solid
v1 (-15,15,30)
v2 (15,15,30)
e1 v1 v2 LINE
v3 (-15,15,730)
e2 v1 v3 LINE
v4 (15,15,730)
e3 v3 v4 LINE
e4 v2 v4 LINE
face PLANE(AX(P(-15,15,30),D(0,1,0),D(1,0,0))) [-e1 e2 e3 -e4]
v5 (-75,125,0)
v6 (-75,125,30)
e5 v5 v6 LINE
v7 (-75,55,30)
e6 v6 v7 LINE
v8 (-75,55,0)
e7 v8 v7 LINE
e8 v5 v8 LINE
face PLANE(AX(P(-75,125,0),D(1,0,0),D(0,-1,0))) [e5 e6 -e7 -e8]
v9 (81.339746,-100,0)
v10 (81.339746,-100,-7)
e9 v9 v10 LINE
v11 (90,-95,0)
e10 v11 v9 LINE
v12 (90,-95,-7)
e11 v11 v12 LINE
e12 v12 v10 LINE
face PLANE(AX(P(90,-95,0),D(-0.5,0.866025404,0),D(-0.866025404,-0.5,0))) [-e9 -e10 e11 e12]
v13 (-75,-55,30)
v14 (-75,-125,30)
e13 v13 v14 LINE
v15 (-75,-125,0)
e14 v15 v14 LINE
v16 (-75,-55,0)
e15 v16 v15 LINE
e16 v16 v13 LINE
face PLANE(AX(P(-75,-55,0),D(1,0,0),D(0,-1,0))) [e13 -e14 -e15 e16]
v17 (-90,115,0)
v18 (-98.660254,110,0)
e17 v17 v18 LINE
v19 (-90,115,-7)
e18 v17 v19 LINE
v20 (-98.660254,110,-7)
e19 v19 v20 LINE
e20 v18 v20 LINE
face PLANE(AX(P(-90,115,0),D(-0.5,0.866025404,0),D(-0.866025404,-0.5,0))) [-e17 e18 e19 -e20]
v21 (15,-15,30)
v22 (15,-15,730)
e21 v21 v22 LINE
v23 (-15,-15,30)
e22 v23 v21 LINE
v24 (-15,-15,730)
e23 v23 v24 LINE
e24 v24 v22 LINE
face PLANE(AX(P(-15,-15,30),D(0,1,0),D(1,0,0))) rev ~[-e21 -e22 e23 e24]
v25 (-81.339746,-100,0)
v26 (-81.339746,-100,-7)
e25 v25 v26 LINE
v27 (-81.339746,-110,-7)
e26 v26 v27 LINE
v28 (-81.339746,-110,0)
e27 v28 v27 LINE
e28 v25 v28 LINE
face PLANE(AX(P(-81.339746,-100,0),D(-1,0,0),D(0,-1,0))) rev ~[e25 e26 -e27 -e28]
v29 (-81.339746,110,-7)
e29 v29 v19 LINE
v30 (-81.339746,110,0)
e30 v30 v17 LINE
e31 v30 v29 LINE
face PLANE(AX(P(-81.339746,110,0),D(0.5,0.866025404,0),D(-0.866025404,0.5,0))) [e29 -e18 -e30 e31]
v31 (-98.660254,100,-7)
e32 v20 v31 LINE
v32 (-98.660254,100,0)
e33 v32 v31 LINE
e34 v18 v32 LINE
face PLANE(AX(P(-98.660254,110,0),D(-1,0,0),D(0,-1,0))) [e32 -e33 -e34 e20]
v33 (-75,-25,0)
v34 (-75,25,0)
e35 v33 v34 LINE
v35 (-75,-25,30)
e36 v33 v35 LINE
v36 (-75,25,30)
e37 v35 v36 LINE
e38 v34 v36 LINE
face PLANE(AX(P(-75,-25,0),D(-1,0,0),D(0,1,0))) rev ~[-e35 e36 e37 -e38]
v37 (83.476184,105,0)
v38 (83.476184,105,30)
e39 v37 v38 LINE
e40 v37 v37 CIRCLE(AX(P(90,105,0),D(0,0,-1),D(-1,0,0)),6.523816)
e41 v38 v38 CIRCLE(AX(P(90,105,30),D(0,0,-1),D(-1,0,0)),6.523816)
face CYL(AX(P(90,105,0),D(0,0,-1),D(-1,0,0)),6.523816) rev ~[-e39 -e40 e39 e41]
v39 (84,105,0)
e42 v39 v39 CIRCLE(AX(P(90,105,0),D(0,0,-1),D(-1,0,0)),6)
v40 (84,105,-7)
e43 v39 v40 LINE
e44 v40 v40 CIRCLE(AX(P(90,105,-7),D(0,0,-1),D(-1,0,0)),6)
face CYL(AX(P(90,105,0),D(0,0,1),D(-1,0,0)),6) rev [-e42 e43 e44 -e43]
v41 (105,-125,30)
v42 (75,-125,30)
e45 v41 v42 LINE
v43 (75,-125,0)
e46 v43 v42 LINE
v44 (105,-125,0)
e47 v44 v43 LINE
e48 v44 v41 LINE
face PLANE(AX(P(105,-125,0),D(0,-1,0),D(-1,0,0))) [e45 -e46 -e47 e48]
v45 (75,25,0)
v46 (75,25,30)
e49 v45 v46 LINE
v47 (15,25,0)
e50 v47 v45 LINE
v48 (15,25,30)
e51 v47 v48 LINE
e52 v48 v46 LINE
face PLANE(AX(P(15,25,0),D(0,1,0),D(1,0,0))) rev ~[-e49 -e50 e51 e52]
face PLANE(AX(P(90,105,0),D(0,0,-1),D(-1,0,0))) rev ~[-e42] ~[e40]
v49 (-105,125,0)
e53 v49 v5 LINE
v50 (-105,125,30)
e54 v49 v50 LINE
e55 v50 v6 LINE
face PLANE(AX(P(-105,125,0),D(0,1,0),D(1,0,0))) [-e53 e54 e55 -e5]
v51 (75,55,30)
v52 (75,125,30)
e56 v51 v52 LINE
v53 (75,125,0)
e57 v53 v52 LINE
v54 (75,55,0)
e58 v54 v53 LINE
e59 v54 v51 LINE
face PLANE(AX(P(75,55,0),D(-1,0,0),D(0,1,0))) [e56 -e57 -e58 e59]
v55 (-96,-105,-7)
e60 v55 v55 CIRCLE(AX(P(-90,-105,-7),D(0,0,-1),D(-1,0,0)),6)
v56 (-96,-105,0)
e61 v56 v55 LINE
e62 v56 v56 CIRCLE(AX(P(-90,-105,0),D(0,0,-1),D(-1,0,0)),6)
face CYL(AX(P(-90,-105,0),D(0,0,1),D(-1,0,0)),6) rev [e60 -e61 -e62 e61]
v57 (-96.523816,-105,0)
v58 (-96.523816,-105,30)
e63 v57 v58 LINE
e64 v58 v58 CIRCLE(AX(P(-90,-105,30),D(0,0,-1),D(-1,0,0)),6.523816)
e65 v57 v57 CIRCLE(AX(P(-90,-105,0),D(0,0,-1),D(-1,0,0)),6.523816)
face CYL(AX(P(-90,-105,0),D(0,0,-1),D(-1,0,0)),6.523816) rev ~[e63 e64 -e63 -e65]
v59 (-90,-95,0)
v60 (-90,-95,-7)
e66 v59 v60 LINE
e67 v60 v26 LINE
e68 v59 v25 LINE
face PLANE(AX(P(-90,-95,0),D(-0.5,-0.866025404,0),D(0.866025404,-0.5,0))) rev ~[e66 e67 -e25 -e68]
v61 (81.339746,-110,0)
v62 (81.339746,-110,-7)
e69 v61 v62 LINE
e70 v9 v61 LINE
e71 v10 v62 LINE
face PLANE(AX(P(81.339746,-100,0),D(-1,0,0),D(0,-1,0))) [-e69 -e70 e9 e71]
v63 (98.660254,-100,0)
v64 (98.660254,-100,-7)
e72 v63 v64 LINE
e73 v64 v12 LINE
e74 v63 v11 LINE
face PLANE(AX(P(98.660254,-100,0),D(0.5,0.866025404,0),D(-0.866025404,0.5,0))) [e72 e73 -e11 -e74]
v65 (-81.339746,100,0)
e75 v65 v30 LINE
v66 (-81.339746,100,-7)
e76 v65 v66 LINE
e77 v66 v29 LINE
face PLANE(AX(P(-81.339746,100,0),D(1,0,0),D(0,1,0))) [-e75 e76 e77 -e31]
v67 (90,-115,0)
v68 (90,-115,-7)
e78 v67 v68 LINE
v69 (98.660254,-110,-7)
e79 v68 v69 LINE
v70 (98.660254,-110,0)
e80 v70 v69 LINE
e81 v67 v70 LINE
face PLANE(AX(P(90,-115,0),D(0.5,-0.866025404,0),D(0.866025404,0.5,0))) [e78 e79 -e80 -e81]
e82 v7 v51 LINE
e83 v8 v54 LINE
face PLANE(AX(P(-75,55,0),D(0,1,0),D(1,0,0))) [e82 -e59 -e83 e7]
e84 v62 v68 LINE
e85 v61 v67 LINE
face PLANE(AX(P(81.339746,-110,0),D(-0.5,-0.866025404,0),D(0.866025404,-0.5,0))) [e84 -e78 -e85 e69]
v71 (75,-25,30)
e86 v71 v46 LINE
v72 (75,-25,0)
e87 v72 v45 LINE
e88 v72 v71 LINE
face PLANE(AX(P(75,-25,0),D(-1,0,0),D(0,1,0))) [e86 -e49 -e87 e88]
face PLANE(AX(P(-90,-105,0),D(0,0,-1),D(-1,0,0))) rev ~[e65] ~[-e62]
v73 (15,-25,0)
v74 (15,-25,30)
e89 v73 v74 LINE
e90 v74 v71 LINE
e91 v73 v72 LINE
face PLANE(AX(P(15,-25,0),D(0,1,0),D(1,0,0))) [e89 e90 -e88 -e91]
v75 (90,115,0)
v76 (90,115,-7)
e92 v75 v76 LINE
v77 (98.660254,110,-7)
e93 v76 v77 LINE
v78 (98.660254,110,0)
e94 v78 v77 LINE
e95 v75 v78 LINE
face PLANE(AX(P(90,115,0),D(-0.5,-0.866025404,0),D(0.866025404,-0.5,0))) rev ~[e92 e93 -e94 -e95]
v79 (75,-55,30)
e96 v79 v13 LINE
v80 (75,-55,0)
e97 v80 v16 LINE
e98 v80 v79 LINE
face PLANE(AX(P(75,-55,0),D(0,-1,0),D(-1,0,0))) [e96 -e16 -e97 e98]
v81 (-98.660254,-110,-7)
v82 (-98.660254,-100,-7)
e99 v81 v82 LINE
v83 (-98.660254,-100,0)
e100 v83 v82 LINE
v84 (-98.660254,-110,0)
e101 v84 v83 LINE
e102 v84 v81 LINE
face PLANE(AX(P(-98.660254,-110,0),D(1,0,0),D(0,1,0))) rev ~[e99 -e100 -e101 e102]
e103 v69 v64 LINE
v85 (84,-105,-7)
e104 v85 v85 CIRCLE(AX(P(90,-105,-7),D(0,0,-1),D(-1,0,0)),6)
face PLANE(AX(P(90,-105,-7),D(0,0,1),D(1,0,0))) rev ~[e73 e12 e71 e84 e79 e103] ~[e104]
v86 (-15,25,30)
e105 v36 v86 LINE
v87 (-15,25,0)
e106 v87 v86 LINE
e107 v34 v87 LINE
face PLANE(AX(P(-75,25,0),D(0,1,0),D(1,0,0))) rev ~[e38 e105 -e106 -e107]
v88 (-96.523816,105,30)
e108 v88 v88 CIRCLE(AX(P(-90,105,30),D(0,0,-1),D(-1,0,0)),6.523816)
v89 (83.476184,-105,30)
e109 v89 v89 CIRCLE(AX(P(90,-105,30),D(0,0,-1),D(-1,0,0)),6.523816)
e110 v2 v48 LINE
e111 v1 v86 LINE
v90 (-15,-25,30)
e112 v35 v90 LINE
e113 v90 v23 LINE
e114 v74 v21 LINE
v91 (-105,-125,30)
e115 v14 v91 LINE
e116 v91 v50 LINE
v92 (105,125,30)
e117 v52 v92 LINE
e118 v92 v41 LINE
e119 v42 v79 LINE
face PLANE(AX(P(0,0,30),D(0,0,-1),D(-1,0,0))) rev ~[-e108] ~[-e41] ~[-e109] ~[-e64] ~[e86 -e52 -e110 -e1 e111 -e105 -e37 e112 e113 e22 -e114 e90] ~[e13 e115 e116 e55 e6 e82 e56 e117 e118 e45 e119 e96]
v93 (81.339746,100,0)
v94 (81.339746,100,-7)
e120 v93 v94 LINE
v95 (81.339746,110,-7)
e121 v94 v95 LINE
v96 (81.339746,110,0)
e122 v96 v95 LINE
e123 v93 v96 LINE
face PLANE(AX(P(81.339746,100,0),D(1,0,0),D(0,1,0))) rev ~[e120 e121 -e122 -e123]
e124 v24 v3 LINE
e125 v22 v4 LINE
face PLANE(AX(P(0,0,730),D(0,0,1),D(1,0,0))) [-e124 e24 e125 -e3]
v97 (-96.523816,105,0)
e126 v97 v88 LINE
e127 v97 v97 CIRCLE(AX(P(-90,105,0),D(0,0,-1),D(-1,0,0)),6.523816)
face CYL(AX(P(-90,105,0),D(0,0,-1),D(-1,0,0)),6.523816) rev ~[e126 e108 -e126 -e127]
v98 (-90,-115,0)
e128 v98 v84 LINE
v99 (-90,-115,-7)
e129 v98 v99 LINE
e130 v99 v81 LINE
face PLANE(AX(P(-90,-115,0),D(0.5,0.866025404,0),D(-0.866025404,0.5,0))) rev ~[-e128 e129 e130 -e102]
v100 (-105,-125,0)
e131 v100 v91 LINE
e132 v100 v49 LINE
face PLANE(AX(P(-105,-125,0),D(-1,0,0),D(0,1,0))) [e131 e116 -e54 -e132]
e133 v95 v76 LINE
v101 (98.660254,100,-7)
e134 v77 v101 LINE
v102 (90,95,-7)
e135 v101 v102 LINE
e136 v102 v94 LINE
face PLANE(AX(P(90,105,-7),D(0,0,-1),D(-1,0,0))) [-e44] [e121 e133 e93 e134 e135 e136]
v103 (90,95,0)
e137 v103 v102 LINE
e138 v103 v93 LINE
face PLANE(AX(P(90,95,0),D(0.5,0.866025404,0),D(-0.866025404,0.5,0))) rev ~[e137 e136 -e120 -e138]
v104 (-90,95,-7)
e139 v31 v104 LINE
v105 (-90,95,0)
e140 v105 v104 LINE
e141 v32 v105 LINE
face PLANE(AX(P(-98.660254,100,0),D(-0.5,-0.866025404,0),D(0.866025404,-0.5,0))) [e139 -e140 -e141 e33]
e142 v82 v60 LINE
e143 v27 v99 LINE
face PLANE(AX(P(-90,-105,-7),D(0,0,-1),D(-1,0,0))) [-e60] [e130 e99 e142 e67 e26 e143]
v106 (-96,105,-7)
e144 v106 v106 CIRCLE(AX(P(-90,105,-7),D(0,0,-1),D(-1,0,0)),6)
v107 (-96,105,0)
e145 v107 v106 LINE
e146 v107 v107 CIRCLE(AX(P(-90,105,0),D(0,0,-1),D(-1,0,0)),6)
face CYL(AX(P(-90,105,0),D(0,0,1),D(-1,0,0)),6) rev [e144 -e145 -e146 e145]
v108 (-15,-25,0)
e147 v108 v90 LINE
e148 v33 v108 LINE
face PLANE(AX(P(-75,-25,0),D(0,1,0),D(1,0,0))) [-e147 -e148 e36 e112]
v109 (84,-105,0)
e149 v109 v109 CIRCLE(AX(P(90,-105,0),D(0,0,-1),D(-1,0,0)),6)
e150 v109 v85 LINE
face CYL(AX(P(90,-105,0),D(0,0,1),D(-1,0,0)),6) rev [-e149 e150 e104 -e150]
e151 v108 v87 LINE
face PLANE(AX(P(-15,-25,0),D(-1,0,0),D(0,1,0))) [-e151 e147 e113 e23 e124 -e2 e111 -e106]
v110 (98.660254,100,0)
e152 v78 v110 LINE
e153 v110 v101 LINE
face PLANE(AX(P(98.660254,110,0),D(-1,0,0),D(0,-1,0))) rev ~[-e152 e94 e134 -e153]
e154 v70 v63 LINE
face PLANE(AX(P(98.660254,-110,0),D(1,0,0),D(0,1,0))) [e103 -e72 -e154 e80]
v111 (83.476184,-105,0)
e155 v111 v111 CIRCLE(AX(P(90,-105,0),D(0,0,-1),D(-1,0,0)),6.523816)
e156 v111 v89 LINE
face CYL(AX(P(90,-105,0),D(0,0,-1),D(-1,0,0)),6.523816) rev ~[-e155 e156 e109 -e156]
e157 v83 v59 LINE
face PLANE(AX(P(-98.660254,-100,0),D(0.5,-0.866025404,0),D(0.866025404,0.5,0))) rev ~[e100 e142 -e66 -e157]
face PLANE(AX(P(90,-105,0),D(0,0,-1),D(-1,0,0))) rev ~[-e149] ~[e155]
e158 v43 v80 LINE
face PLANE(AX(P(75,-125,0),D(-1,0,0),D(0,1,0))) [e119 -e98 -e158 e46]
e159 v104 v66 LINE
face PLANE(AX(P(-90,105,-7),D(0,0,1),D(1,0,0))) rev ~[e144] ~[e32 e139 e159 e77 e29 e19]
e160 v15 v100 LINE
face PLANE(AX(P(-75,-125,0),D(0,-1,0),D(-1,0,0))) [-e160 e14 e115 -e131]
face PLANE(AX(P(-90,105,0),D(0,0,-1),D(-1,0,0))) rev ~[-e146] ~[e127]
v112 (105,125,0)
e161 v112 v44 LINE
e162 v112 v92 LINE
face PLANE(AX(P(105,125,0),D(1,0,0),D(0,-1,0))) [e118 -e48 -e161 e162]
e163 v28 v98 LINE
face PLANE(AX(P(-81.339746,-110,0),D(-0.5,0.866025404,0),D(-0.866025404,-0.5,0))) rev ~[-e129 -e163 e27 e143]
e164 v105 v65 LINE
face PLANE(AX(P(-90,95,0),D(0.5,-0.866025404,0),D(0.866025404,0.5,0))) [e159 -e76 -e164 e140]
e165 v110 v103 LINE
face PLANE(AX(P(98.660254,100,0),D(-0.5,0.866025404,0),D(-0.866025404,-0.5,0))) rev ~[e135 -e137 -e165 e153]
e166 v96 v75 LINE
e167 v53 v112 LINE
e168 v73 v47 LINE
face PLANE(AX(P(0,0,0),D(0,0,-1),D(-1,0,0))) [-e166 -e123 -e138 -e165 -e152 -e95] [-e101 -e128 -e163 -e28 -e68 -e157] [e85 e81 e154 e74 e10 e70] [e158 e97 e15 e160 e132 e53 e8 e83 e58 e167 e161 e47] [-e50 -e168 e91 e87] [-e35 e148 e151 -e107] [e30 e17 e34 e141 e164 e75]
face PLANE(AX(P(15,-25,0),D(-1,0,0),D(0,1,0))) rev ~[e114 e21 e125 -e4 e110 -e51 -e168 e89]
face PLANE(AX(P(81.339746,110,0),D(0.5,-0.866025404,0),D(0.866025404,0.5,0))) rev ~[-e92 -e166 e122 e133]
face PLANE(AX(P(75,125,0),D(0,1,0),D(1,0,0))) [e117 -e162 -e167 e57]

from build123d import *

# Parameters (mm, degrees)
SKETCH1_W           = 60
SKETCH1_H           = 50
BOSS_EXTRUDE1_DEPTH = 30
SKETCH2_W           = 30
SKETCH2_H           = 30
BOSS_EXTRUDE2_DEPTH = 700
SKETCH3_R           = 6
BOSS_EXTRUDE3_DEPTH = 7
CUT_EXTRUDE1_REACH  = 732
SKETCH4_R           = 6.523816089


with BuildPart() as part:
    # Sketch1 → Boss-Extrude1 (new body)
    with BuildSketch(Plane.XY):
        Polygon((-105, 125), (-75, 125), (-75, 55), (75, 55), (75, 125), (105, 125), (105, -125), (75, -125), (75, -55), (-75, -55), (-75, -125), (-105, -125), align=None)
        with Locations((-45, 0)):
            Rectangle(SKETCH1_W, SKETCH1_H, mode=Mode.SUBTRACT)
        with Locations((45, 0)):
            Rectangle(SKETCH1_W, SKETCH1_H, mode=Mode.SUBTRACT)
    extrude(amount=BOSS_EXTRUDE1_DEPTH)

    # Sketch2 → Boss-Extrude2 (add)
    with BuildSketch(Plane.XY.offset(30)):
        Rectangle(SKETCH2_W, SKETCH2_H)
    extrude(amount=BOSS_EXTRUDE2_DEPTH)

    # Sketch3 → Boss-Extrude3 (add)
    with BuildSketch(Plane(origin=(0, 0, 0), x_dir=(-1, 0, 0), z_dir=(0, 0, -1))):
        Polygon((81.339745962, 110), (90, 115), (98.660254038, 110), (98.660254038, 100), (90, 95), (81.339745962, 100), align=None)
        with Locations((90, 105)):
            Circle(SKETCH3_R, mode=Mode.SUBTRACT)
        Polygon((-90, 115), (-98.660254038, 110), (-98.660254038, 100), (-90, 95), (-81.339745962, 100), (-81.339745962, 110), align=None)
        with Locations((-90, 105)):
            Circle(SKETCH3_R, mode=Mode.SUBTRACT)
        Polygon((81.339745962, -100), (81.339745962, -110), (90, -115), (98.660254038, -110), (98.660254038, -100), (90, -95), align=None)
        with Locations((90, -105)):
            Circle(SKETCH3_R, mode=Mode.SUBTRACT)
        Polygon((-81.339745962, -110), (-90, -115), (-98.660254038, -110), (-98.660254038, -100), (-90, -95), (-81.339745962, -100), align=None)
        with Locations((-90, -105)):
            Circle(SKETCH3_R, mode=Mode.SUBTRACT)
    extrude(amount=BOSS_EXTRUDE3_DEPTH)

    # Sketch4 → Cut-Extrude1 (cut, up to next)
    with BuildSketch(Plane(origin=(0, 0, 0), x_dir=(-1, 0, 0), z_dir=(0, 0, -1)), mode=Mode.PRIVATE) as cut_extrude1_sk1:
        with Locations((-90, 105)):
            Circle(SKETCH4_R)
    cut_extrude1_tool1 = extrude(cut_extrude1_sk1.sketch, amount=-CUT_EXTRUDE1_REACH, mode=Mode.PRIVATE) & part.part
    add(cut_extrude1_tool1.solids().sort_by_distance((90, 105, 0))[0], mode=Mode.SUBTRACT)
    # Sketch4 → Cut-Extrude1 (cut, up to next)
    with BuildSketch(Plane(origin=(0, 0, 0), x_dir=(-1, 0, 0), z_dir=(0, 0, -1)), mode=Mode.PRIVATE) as cut_extrude1_sk2:
        with Locations((90, 105)):
            Circle(SKETCH4_R)
    cut_extrude1_tool2 = extrude(cut_extrude1_sk2.sketch, amount=-CUT_EXTRUDE1_REACH, mode=Mode.PRIVATE) & part.part
    add(cut_extrude1_tool2.solids().sort_by_distance((-90, 105, 0))[0], mode=Mode.SUBTRACT)
    # Sketch4 → Cut-Extrude1 (cut, up to next)
    with BuildSketch(Plane(origin=(0, 0, 0), x_dir=(-1, 0, 0), z_dir=(0, 0, -1)), mode=Mode.PRIVATE) as cut_extrude1_sk3:
        with Locations((90, -105)):
            Circle(SKETCH4_R)
    cut_extrude1_tool3 = extrude(cut_extrude1_sk3.sketch, amount=-CUT_EXTRUDE1_REACH, mode=Mode.PRIVATE) & part.part
    add(cut_extrude1_tool3.solids().sort_by_distance((-90, -105, 0))[0], mode=Mode.SUBTRACT)
    # Sketch4 → Cut-Extrude1 (cut, up to next)
    with BuildSketch(Plane(origin=(0, 0, 0), x_dir=(-1, 0, 0), z_dir=(0, 0, -1)), mode=Mode.PRIVATE) as cut_extrude1_sk4:
        with Locations((-90, -105)):
            Circle(SKETCH4_R)
    cut_extrude1_tool4 = extrude(cut_extrude1_sk4.sketch, amount=-CUT_EXTRUDE1_REACH, mode=Mode.PRIVATE) & part.part
    add(cut_extrude1_tool4.solids().sort_by_distance((90, -105, 0))[0], mode=Mode.SUBTRACT)


solid = part.part
